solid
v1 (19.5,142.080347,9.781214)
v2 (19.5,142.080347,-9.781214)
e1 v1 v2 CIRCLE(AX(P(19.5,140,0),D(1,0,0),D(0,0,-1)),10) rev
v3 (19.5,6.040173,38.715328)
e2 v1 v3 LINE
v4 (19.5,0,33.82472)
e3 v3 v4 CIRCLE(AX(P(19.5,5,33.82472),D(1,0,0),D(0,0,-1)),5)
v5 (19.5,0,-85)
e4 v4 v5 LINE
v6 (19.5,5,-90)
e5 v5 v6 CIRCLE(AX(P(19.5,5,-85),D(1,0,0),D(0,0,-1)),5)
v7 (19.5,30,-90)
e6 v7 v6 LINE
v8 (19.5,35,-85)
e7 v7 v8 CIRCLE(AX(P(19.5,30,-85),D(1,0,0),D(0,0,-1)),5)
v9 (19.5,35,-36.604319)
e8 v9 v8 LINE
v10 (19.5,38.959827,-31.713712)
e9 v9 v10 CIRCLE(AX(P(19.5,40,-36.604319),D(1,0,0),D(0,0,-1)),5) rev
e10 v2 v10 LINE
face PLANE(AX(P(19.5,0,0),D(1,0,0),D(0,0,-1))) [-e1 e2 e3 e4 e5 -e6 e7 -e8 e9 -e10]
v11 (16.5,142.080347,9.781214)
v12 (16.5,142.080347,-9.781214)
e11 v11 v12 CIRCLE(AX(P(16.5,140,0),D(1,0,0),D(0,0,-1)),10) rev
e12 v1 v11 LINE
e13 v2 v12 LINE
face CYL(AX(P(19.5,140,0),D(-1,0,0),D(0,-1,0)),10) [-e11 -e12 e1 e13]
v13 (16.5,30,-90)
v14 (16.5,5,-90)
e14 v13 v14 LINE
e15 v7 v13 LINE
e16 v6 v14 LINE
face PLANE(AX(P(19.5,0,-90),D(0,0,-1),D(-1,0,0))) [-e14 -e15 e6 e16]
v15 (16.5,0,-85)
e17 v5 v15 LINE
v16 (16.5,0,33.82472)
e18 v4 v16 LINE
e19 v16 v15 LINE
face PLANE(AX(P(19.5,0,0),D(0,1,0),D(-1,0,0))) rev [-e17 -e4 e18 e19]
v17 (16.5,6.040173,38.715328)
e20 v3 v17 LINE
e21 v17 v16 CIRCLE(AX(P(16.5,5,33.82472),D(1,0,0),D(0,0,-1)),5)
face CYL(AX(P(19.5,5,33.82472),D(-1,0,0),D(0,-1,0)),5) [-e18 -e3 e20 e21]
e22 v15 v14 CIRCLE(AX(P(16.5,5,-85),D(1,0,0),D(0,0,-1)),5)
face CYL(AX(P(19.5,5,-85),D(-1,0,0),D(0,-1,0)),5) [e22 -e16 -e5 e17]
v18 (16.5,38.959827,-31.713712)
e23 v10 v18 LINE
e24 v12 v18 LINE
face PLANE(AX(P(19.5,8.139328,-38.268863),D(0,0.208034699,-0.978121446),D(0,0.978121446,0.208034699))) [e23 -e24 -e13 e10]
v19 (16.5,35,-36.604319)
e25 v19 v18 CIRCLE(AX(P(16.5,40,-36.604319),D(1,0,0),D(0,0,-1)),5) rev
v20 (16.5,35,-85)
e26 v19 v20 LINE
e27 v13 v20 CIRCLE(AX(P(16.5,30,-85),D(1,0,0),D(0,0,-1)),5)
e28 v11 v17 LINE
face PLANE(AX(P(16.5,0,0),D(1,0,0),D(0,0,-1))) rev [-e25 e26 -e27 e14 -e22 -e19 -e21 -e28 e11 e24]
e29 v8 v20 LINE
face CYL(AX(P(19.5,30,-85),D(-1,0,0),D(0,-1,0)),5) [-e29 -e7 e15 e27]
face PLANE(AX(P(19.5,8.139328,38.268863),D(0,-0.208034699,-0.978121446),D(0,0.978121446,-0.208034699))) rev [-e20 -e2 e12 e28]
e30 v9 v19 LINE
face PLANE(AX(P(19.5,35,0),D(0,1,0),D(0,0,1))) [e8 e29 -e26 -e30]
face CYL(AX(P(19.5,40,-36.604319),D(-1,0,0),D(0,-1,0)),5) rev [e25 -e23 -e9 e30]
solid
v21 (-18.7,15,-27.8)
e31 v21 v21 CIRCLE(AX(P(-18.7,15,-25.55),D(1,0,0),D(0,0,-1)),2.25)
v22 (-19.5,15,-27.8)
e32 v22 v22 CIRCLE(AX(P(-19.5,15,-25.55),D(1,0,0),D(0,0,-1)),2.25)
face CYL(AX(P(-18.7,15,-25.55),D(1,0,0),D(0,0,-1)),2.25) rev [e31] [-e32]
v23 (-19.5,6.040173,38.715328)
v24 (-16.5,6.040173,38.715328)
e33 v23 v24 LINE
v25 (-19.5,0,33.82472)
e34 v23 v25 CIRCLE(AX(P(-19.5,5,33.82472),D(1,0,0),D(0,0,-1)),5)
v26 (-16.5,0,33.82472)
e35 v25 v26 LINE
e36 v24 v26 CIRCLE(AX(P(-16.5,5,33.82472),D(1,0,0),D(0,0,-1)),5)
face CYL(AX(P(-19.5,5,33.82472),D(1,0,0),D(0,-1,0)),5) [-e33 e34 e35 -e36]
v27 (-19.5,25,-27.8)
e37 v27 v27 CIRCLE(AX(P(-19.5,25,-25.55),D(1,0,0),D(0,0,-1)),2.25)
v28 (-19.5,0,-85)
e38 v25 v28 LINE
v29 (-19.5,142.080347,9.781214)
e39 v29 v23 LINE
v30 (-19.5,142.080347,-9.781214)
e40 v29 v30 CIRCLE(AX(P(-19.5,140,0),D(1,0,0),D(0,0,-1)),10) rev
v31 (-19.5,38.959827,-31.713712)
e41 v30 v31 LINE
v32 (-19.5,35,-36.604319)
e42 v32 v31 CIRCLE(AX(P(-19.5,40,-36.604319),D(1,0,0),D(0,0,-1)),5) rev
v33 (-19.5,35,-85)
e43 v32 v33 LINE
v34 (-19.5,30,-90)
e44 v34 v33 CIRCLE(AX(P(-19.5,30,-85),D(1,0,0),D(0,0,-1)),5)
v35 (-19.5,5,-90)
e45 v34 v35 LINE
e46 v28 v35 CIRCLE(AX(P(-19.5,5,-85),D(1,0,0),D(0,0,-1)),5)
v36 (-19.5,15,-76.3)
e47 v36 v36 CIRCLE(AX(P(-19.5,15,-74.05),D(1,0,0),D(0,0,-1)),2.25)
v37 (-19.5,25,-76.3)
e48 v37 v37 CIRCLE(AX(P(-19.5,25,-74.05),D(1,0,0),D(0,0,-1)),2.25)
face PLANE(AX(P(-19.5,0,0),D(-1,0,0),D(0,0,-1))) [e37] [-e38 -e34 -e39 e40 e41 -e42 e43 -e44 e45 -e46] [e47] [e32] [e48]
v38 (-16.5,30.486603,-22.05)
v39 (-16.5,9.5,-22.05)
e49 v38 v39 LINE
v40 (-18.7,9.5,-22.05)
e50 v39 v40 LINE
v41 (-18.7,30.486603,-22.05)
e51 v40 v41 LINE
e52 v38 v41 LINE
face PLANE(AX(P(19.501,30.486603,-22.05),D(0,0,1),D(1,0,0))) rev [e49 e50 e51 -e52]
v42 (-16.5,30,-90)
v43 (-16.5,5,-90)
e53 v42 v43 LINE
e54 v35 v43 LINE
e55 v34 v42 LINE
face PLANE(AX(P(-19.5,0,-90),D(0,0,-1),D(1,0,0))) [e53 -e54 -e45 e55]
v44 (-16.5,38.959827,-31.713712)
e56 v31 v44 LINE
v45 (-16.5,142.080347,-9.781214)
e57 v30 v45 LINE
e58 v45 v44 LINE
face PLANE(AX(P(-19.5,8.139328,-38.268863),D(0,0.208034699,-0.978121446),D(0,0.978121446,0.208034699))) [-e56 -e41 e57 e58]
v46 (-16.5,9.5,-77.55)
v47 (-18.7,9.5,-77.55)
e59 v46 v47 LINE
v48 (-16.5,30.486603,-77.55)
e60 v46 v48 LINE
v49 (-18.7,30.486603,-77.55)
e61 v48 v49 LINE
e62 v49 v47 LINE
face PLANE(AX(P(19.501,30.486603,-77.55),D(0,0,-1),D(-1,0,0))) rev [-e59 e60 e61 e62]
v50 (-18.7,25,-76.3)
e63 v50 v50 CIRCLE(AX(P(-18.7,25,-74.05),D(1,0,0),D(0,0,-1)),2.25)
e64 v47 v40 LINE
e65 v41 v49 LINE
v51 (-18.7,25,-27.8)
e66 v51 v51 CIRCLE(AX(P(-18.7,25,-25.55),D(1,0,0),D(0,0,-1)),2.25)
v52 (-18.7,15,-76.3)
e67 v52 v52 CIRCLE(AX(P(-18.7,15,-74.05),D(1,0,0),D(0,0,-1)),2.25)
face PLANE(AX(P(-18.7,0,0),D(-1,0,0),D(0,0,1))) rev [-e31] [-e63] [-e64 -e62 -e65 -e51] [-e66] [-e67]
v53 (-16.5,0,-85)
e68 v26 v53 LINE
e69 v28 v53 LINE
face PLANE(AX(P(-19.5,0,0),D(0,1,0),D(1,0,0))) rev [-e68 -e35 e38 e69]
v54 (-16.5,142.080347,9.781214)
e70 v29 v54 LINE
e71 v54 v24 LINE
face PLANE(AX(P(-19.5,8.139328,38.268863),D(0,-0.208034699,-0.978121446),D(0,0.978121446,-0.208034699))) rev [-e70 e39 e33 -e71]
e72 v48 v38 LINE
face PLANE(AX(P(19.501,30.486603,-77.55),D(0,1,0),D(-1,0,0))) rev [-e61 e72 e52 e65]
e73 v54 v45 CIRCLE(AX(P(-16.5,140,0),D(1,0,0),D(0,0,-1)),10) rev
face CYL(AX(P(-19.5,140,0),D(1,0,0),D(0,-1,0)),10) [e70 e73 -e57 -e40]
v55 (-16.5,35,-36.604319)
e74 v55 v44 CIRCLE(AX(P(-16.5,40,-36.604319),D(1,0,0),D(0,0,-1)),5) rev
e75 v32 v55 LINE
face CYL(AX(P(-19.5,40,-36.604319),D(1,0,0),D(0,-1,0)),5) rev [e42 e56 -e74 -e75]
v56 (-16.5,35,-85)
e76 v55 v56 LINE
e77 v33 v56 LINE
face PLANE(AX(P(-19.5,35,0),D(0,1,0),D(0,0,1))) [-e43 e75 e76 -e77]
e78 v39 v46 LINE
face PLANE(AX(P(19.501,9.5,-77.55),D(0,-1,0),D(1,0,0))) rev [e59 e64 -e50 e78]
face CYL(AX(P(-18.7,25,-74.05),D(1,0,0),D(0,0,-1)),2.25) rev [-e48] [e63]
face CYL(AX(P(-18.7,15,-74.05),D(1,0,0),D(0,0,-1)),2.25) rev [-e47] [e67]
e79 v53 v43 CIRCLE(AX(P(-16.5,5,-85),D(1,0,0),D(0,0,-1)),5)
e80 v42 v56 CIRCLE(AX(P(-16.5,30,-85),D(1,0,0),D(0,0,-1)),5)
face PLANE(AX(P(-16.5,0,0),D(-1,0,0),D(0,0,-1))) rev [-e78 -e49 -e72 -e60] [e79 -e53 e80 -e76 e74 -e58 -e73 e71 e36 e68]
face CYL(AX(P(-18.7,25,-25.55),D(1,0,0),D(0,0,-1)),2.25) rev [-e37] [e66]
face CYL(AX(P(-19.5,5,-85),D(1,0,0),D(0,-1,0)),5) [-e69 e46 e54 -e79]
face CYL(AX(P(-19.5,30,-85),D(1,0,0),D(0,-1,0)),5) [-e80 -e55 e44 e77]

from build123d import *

# Parameters (mm, degrees)
BOSS_EXTRUDE1_DEPTH           = 3
SKETCH6_W                     = 55.5
SKETCH6_H                     = 20.98660254
CUT_EXTRUDE1_DEPTH            = 2.2
SKETCH12_W                    = 2.25
SKETCH12_H                    = 0.8
M4_CLEARANCE_HOLE1_AT_2_COUNT = 2
M4_CLEARANCE_HOLE1_AT_2_PITCH = 48.5
M4_CLEARANCE_HOLE1_AT_3_COUNT = 2
M4_CLEARANCE_HOLE1_AT_3_PITCH = 49.520197899
M4_CLEARANCE_HOLE1_AT_4_COUNT = 2
M4_CLEARANCE_HOLE1_AT_4_PITCH = 10


with BuildPart() as part:
    # Sketch3 → Boss-Extrude1 (new body)
    with BuildSketch(Plane(origin=(16.5, 0, 0), x_dir=(0, 0, -1), z_dir=(1, 0, 0))):
        with BuildLine():
            ThreePointArc((-9.781214465, 142.08034699), (0, 150), (9.781214465, 142.08034699))
            Line((9.781214465, 142.08034699), (31.71371223, 38.959826505))
            ThreePointArc((31.71371223, 38.959826505), (33.457961844, 36.114072345), (36.604319462, 35))
            Line((36.604319462, 35), (85, 35))
            ThreePointArc((85, 35), (88.535533906, 33.535533906), (90, 30))
            Line((90, 30), (90, 5))
            ThreePointArc((90, 5), (88.535533906, 1.464466094), (85, 0))
            Line((85, 0), (0, 0))
            Line((0, 0), (-33.824720318, 0))
            ThreePointArc((-33.824720318, 0), (-37.710647973, 1.853642382), (-38.71532755, 6.040173495))
            Line((-38.71532755, 6.040173495), (-9.781214465, 142.08034699))
        make_face()
    extrude(amount=BOSS_EXTRUDE1_DEPTH)


with BuildPart() as body_2:
    # Mirror2: mirrored copy
    add(part.part.mirror(Plane(origin=(0, 0, 0), x_dir=(0, 0, 1), z_dir=(1, 0, 0))))

    # Sketch6 → Cut-Extrude1 (cut)
    with BuildSketch(Plane.ZY.offset(18.7)):
        with Locations((-49.8, 19.99330127)):
            Rectangle(SKETCH6_W, SKETCH6_H)
    extrude(amount=-CUT_EXTRUDE1_DEPTH, mode=Mode.SUBTRACT)

    # Sketch12 → M4 Clearance Hole1 (revolve, cut)
    with BuildSketch(Plane(origin=(-18.7, 15, -25.55), x_dir=(0, 0, -1), z_dir=(0, 1, 0))):
        with Locations((1.125, 0.4)):
            Rectangle(SKETCH12_W, SKETCH12_H)
    m4_clearance_hole1 = revolve(axis=Axis((-12.35, 15, -25.55), (-1, 0, 0)), mode=Mode.SUBTRACT)

    # M4 Clearance Hole1 at 2: M4 Clearance Hole1 ×2
    with Locations(*[(0, 0, -i * M4_CLEARANCE_HOLE1_AT_2_PITCH) for i in range(1, M4_CLEARANCE_HOLE1_AT_2_COUNT)]):
        add(m4_clearance_hole1, mode=Mode.SUBTRACT)

    # M4 Clearance Hole1 at 3: M4 Clearance Hole1 ×2
    with Locations(*[Vector(0, 0.201937804, -0.979398348) * (i * M4_CLEARANCE_HOLE1_AT_3_PITCH) for i in range(1, M4_CLEARANCE_HOLE1_AT_3_COUNT)]):
        add(m4_clearance_hole1, mode=Mode.SUBTRACT)

    # M4 Clearance Hole1 at 4: M4 Clearance Hole1 ×2
    with Locations(*[(0, i * M4_CLEARANCE_HOLE1_AT_4_PITCH, 0) for i in range(1, M4_CLEARANCE_HOLE1_AT_4_COUNT)]):
        add(m4_clearance_hole1, mode=Mode.SUBTRACT)


solid = Compound([part.part, body_2.part])
